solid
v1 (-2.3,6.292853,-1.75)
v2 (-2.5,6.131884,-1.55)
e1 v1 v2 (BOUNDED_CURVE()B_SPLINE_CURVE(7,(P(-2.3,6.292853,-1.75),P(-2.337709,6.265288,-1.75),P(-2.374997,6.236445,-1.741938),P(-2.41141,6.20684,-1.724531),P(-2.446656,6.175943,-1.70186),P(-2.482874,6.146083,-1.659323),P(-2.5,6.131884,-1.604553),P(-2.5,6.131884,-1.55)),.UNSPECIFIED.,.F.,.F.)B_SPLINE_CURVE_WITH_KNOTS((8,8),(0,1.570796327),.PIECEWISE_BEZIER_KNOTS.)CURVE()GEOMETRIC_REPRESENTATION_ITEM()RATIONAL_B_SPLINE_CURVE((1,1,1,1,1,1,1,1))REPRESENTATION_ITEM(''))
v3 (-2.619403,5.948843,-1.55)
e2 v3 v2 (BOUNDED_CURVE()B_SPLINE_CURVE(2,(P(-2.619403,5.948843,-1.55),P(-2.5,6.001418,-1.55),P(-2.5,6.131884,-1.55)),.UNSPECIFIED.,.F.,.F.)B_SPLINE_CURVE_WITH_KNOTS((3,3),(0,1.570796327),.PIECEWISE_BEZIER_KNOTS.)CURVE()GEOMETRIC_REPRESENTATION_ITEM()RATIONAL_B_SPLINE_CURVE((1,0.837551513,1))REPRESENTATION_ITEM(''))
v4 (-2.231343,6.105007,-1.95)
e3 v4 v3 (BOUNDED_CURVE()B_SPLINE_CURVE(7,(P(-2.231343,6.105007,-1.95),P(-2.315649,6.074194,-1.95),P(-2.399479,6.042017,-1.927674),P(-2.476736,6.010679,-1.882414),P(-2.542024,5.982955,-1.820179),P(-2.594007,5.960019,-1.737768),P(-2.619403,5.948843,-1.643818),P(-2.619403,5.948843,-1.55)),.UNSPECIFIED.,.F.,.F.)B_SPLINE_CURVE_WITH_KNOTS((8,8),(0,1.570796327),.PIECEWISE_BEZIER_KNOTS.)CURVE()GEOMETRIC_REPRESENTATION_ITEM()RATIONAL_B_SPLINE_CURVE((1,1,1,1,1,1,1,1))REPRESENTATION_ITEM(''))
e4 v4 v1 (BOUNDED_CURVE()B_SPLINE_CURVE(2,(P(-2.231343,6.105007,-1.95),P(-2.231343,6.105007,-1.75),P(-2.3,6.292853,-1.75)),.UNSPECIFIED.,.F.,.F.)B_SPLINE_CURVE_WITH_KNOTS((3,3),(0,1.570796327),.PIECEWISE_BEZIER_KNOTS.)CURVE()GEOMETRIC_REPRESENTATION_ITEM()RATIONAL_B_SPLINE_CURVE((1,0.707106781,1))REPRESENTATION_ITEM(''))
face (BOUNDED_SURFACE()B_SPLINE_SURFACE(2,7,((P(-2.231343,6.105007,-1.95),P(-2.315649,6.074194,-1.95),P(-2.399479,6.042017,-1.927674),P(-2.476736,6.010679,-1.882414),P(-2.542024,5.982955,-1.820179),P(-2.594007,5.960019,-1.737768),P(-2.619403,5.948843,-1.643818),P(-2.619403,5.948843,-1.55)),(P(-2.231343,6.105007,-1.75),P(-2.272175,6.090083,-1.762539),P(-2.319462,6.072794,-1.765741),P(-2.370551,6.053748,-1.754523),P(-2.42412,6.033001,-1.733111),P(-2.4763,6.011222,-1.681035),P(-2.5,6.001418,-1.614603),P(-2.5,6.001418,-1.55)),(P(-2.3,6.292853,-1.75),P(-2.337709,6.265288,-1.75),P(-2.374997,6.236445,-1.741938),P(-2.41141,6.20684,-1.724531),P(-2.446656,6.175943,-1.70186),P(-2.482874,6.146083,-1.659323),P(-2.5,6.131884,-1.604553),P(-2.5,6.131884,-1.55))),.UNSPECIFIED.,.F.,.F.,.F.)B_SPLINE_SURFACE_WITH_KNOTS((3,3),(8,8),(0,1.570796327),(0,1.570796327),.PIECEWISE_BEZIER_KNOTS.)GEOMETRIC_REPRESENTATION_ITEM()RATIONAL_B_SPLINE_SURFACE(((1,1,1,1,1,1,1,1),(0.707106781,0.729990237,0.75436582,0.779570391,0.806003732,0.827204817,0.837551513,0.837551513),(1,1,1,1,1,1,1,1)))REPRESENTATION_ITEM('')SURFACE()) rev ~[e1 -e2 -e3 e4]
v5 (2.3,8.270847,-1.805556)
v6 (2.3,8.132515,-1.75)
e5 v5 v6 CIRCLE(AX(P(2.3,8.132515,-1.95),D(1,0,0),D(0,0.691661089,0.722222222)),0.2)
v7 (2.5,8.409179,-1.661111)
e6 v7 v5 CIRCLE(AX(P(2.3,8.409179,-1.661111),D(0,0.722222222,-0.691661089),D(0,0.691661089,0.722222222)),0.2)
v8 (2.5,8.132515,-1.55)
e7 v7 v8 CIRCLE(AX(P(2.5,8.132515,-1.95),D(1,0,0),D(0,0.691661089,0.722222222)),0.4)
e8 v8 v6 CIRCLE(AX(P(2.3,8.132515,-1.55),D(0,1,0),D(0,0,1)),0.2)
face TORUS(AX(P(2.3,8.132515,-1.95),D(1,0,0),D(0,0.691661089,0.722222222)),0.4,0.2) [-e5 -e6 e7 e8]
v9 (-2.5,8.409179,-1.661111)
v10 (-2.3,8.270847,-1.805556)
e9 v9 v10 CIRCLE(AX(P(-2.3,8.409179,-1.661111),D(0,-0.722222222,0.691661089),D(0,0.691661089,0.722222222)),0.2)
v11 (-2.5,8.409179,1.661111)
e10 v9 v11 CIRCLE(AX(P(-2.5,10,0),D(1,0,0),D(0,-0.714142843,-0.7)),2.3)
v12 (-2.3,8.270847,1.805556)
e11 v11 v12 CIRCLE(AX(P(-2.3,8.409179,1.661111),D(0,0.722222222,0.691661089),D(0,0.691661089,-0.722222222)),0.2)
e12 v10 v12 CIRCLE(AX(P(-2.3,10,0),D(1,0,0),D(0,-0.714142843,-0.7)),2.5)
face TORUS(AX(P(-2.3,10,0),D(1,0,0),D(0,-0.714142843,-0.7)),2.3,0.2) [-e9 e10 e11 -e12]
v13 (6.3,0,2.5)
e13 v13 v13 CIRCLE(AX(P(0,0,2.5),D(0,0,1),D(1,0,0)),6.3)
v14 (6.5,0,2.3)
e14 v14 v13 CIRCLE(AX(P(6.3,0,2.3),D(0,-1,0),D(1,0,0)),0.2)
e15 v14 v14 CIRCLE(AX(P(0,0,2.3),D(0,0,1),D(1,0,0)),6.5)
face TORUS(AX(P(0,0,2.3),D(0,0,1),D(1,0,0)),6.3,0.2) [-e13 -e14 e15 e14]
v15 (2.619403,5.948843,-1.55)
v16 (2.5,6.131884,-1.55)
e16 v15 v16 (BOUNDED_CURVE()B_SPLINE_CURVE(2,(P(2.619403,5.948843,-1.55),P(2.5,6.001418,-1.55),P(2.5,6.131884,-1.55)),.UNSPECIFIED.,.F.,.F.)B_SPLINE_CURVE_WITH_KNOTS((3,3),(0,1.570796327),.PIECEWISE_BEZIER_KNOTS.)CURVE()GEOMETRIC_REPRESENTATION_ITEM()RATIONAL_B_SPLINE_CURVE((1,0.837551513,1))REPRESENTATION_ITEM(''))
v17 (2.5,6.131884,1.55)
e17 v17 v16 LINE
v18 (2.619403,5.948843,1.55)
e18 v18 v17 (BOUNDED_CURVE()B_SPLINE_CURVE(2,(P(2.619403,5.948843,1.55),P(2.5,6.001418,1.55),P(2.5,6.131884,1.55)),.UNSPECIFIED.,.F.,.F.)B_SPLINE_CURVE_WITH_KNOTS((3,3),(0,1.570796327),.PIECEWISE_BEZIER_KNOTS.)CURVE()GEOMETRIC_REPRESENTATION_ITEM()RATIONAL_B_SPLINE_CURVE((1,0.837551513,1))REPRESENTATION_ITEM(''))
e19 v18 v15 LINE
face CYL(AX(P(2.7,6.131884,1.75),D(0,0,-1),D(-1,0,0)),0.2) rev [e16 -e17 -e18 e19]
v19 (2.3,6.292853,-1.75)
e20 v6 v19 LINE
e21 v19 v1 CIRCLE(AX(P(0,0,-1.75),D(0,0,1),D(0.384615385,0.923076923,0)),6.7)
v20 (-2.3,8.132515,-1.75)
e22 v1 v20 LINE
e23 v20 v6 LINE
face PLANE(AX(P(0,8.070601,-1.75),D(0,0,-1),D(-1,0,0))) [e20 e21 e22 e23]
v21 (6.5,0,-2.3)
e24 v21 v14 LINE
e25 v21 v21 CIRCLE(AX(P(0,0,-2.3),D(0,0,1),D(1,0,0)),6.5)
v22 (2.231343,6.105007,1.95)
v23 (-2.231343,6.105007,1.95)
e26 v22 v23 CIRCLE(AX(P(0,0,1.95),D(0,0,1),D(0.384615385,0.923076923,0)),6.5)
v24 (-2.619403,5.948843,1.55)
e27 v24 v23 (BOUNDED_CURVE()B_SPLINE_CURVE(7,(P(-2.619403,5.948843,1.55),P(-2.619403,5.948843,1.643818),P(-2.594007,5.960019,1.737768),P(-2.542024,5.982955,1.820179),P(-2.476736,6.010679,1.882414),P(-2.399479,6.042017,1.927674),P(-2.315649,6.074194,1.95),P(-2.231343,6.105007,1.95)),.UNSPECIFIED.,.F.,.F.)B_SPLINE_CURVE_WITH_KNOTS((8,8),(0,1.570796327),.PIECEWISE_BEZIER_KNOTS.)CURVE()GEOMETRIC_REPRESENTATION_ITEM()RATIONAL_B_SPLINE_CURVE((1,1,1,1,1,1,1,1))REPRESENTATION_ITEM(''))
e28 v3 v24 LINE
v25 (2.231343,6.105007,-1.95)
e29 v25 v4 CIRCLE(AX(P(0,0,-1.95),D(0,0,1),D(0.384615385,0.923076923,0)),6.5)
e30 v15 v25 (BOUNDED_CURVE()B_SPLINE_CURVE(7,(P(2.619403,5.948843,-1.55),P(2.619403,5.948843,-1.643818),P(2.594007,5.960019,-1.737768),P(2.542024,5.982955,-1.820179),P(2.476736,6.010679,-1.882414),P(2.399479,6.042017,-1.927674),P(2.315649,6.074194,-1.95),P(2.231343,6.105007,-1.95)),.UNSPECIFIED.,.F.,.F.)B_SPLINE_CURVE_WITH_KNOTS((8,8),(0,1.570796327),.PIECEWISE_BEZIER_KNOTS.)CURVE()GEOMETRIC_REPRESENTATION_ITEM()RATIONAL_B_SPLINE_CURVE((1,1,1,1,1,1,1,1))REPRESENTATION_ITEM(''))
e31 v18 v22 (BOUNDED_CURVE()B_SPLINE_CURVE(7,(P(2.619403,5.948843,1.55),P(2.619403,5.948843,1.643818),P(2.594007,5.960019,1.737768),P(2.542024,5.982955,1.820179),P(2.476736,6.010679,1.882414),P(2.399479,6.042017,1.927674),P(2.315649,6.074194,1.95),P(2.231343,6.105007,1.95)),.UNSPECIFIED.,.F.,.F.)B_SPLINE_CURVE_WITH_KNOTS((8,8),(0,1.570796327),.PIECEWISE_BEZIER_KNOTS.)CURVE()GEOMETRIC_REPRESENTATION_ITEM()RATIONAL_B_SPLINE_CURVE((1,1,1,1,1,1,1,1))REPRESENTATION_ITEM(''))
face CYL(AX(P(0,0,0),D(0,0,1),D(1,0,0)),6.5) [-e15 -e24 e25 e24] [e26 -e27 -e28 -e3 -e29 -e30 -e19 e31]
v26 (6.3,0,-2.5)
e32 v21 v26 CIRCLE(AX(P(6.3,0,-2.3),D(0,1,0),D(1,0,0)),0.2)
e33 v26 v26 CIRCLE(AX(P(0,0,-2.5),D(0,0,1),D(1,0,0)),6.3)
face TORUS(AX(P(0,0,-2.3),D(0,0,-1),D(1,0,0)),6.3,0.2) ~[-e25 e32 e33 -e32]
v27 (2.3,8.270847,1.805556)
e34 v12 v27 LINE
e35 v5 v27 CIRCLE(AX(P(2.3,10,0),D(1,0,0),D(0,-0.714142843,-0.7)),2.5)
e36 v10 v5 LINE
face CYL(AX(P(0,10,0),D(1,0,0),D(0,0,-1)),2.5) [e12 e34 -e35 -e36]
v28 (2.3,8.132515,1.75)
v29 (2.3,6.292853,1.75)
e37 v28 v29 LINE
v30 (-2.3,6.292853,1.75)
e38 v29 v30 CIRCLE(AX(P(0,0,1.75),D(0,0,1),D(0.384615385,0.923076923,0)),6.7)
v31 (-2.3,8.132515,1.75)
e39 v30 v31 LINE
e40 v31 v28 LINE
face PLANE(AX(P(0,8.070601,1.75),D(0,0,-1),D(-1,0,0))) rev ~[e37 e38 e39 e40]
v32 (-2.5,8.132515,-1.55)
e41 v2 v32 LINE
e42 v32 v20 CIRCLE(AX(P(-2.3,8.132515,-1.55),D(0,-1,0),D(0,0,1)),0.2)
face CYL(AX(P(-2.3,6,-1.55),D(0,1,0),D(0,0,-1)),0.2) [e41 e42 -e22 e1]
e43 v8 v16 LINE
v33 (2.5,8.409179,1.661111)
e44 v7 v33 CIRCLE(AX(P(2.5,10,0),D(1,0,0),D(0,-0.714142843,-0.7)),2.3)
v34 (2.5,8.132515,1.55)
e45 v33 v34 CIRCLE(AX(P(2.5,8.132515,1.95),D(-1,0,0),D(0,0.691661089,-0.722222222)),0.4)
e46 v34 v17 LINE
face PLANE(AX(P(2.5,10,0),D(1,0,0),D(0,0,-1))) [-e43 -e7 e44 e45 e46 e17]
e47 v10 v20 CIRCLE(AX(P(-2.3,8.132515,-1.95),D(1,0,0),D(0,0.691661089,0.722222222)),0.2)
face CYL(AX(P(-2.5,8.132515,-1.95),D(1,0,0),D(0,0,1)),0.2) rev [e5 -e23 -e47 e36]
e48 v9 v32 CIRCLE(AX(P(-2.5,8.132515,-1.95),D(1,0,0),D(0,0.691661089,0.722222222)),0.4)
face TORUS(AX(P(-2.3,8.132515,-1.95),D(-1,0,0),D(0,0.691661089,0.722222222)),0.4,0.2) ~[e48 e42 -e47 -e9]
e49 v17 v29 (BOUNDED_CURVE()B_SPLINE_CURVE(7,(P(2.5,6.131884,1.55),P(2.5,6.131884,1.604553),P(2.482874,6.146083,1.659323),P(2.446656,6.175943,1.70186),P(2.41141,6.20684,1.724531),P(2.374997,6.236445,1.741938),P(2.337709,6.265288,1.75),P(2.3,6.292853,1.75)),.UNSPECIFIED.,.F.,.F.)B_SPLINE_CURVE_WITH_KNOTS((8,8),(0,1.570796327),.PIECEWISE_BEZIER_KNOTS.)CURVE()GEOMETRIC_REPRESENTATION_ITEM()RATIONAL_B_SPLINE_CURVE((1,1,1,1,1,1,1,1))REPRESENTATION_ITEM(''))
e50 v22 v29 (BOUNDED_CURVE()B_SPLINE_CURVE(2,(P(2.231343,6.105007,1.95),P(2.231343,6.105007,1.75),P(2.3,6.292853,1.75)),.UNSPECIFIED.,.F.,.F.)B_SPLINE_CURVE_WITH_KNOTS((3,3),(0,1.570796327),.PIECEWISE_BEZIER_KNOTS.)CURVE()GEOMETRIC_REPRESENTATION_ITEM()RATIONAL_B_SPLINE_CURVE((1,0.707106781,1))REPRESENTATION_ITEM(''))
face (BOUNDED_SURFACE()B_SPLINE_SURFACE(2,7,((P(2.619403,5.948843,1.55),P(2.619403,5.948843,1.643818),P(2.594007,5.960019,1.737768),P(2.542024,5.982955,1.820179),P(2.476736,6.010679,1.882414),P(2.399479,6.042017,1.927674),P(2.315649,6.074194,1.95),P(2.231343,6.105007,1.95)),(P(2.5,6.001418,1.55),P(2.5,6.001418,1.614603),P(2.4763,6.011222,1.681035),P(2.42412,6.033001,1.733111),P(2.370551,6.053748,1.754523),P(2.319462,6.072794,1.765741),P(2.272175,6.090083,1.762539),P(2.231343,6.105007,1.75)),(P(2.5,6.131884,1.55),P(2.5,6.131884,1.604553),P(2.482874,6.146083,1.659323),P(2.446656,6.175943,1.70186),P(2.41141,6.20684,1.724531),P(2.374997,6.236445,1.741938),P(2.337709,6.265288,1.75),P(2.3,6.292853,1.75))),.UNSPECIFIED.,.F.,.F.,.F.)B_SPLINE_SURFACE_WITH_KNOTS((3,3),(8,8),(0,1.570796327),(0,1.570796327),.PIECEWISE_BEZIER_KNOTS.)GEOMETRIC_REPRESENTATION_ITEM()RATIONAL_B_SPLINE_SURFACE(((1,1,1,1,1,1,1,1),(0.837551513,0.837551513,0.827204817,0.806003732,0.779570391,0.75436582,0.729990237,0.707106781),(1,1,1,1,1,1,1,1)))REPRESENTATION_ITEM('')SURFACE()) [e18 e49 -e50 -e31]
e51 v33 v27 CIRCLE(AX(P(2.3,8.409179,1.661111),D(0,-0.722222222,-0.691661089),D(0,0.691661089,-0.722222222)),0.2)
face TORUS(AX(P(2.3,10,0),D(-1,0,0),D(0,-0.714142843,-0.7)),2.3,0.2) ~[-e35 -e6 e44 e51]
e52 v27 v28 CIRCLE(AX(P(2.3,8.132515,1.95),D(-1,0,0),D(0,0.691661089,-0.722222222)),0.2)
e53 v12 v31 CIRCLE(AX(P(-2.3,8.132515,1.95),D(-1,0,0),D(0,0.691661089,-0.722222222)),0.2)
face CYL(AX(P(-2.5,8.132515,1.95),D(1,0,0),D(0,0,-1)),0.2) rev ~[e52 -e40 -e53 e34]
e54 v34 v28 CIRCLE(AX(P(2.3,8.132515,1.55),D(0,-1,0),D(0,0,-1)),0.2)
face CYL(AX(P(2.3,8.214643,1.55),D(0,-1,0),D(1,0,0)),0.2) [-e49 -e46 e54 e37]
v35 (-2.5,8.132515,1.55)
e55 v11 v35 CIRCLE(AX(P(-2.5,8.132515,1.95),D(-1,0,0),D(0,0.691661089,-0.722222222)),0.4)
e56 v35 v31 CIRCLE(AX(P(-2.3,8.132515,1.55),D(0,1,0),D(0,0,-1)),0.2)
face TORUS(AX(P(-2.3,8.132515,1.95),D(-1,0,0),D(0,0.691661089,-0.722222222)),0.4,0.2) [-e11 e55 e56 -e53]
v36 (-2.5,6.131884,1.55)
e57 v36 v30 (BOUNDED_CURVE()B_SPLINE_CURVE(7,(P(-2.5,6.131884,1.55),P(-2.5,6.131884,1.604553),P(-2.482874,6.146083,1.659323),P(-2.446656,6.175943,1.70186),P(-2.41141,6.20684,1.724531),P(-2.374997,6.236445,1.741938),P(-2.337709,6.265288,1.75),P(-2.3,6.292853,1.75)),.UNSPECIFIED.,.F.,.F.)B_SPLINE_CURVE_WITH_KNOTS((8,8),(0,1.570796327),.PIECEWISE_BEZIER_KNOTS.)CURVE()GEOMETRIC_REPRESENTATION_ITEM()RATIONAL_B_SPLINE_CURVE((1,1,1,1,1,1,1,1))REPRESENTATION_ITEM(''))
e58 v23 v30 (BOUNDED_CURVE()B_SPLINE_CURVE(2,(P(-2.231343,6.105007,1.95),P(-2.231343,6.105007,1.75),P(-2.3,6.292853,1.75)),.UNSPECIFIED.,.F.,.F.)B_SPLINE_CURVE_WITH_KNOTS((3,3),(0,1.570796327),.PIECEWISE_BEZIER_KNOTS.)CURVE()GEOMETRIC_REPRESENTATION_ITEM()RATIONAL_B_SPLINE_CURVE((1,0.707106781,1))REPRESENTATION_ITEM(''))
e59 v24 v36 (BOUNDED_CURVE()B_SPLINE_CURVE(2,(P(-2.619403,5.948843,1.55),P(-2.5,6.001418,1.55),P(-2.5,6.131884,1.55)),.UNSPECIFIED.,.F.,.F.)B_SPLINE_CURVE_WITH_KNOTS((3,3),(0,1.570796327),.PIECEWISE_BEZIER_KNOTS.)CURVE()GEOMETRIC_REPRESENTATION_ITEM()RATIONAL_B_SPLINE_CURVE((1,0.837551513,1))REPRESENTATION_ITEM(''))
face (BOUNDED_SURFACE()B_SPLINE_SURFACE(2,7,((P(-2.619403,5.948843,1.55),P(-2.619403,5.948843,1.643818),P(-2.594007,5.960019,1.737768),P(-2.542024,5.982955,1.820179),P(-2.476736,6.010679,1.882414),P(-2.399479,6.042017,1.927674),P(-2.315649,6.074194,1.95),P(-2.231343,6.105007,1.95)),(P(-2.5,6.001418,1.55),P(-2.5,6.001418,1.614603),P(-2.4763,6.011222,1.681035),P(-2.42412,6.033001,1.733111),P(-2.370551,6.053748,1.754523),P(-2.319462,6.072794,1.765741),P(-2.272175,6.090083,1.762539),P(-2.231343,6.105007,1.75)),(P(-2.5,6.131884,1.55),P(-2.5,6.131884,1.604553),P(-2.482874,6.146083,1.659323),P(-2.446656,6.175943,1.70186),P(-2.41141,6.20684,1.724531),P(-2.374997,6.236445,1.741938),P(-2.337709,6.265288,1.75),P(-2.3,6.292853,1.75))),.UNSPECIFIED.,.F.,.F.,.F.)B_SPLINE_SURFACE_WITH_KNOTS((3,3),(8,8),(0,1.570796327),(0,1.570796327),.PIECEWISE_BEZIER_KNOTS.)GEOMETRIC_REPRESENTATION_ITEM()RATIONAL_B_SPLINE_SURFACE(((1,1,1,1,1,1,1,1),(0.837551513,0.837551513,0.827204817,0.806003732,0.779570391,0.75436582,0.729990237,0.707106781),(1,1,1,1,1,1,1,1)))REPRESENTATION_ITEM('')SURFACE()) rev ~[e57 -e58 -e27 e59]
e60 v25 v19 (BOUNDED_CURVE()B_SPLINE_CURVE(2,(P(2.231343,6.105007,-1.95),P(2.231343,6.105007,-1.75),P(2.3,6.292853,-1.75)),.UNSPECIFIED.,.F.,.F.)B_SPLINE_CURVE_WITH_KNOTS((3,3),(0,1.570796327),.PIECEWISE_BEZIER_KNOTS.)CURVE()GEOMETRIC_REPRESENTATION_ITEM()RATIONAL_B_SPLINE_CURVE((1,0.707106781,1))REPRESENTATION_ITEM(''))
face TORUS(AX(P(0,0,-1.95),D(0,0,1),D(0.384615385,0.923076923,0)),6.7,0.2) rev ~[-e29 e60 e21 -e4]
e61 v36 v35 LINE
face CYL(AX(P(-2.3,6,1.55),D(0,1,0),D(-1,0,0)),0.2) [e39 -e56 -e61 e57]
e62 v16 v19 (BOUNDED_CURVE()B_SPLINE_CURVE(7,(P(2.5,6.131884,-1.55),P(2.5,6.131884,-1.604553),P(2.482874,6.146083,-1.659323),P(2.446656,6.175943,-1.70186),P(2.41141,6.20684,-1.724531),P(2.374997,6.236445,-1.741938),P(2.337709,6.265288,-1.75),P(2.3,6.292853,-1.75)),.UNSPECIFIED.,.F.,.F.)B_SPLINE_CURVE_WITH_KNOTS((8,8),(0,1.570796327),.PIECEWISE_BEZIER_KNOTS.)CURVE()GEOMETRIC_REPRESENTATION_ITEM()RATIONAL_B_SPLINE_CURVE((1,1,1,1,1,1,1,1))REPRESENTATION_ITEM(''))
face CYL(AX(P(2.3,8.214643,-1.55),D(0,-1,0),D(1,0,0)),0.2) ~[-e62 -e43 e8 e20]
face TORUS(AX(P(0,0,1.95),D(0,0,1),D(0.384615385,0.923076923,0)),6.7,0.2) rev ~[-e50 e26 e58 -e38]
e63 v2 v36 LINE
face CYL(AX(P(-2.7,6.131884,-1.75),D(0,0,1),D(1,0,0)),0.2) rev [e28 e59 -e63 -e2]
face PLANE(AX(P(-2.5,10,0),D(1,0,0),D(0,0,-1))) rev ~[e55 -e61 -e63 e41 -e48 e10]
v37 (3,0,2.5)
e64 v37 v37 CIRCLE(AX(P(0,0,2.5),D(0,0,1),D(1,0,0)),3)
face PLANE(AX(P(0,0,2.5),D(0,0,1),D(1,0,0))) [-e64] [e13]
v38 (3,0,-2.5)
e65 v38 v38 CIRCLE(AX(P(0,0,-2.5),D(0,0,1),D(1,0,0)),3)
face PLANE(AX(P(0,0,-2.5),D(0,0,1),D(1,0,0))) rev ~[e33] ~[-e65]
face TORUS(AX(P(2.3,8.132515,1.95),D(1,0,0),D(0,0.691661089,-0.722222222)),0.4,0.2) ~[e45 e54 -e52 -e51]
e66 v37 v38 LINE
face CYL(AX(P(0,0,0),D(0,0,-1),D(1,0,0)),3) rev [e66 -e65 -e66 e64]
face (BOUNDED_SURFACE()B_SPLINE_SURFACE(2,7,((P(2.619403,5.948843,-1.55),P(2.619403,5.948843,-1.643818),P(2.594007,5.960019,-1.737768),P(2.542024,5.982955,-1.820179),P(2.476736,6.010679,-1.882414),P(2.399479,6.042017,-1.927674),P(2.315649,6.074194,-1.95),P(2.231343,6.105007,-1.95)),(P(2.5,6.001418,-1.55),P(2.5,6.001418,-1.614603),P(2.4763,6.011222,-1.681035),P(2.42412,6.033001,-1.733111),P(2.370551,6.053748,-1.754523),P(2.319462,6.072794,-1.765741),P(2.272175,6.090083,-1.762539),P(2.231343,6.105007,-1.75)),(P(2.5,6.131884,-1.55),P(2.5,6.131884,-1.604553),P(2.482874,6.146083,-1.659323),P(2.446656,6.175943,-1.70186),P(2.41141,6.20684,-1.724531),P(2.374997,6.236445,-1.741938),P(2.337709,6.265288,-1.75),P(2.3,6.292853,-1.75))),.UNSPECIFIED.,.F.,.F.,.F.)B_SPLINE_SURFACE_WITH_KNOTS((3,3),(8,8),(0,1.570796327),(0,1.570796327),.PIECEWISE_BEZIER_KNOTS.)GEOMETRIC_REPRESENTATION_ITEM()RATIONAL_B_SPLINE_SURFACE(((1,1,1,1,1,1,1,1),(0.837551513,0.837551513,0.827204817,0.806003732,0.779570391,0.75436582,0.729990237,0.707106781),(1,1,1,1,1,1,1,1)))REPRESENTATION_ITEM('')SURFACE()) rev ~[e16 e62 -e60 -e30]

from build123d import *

# Parameters (mm, degrees)
ESQUISSE1_R      = 6.5
ESQUISSE1_R_2    = 3
EXTRUSION1_DEPTH = 2.5
ESQUISSE2_R      = 2.5
EXTRUSION2_DEPTH = 2.5
EXTRUSION3_DEPTH = 1.75
CONG_1_R         = 0.2


with BuildPart() as part:
    # Esquisse1 → Extrusion1 (new body, symmetric)
    with BuildSketch(Plane.XY):
        Circle(ESQUISSE1_R)
        Circle(ESQUISSE1_R_2, mode=Mode.SUBTRACT)
    extrude(amount=EXTRUSION1_DEPTH, both=True)



with BuildPart() as body_2:
    # Esquisse2 → Extrusion2 (new body, symmetric)
    with BuildSketch(Plane(origin=(0, 0, 0), x_dir=(0, 0, -1), z_dir=(1, 0, 0))):
        with Locations((0, 10)):
            Circle(ESQUISSE2_R)
    extrude(amount=EXTRUSION2_DEPTH, both=True)


with BuildPart() as part_1:
    add(part.part)

    add(body_2.part)  # Extrusion3 merges body 2
    # Esquisse3 → Extrusion3 (add, symmetric)
    with BuildSketch(Plane.XY):
        with BuildLine():
            Line((-2.5, 10), (2.5, 10))
            Line((2.5, 10), (2.5, 6))
            ThreePointArc((2.5, 6), (0, 6.5), (-2.5, 6))
            Line((-2.5, 6), (-2.5, 10))
        make_face()
    extrude(amount=EXTRUSION3_DEPTH, both=True)

    # Congé1
    cong_1_edges = [part_1.edges().sort_by_distance(p)[0] for p in [
        (0, 6.5, -1.75),
        (-2.5, 6, 0),
        (2.5, 7.107321446, -1.75),
        (2.5, 6, 0),
        (0, 6.5, 1.75),
        (2.5, 7.107321446, 1.75),
        (-6.5, 0, -2.5),
        (-2.5, 7.107321446, -1.75),
        (0, 8.214642893, -1.75),
        (-2.5, 7.107321446, 1.75),
        (0, 8.214642893, 1.75),
        (-2.5, 12.5, 0),
        (2.5, 12.5, 0),
        (-6.5, 0, 2.5),
    ]]
    fillet(cong_1_edges, radius=CONG_1_R)


solid = part_1.part
